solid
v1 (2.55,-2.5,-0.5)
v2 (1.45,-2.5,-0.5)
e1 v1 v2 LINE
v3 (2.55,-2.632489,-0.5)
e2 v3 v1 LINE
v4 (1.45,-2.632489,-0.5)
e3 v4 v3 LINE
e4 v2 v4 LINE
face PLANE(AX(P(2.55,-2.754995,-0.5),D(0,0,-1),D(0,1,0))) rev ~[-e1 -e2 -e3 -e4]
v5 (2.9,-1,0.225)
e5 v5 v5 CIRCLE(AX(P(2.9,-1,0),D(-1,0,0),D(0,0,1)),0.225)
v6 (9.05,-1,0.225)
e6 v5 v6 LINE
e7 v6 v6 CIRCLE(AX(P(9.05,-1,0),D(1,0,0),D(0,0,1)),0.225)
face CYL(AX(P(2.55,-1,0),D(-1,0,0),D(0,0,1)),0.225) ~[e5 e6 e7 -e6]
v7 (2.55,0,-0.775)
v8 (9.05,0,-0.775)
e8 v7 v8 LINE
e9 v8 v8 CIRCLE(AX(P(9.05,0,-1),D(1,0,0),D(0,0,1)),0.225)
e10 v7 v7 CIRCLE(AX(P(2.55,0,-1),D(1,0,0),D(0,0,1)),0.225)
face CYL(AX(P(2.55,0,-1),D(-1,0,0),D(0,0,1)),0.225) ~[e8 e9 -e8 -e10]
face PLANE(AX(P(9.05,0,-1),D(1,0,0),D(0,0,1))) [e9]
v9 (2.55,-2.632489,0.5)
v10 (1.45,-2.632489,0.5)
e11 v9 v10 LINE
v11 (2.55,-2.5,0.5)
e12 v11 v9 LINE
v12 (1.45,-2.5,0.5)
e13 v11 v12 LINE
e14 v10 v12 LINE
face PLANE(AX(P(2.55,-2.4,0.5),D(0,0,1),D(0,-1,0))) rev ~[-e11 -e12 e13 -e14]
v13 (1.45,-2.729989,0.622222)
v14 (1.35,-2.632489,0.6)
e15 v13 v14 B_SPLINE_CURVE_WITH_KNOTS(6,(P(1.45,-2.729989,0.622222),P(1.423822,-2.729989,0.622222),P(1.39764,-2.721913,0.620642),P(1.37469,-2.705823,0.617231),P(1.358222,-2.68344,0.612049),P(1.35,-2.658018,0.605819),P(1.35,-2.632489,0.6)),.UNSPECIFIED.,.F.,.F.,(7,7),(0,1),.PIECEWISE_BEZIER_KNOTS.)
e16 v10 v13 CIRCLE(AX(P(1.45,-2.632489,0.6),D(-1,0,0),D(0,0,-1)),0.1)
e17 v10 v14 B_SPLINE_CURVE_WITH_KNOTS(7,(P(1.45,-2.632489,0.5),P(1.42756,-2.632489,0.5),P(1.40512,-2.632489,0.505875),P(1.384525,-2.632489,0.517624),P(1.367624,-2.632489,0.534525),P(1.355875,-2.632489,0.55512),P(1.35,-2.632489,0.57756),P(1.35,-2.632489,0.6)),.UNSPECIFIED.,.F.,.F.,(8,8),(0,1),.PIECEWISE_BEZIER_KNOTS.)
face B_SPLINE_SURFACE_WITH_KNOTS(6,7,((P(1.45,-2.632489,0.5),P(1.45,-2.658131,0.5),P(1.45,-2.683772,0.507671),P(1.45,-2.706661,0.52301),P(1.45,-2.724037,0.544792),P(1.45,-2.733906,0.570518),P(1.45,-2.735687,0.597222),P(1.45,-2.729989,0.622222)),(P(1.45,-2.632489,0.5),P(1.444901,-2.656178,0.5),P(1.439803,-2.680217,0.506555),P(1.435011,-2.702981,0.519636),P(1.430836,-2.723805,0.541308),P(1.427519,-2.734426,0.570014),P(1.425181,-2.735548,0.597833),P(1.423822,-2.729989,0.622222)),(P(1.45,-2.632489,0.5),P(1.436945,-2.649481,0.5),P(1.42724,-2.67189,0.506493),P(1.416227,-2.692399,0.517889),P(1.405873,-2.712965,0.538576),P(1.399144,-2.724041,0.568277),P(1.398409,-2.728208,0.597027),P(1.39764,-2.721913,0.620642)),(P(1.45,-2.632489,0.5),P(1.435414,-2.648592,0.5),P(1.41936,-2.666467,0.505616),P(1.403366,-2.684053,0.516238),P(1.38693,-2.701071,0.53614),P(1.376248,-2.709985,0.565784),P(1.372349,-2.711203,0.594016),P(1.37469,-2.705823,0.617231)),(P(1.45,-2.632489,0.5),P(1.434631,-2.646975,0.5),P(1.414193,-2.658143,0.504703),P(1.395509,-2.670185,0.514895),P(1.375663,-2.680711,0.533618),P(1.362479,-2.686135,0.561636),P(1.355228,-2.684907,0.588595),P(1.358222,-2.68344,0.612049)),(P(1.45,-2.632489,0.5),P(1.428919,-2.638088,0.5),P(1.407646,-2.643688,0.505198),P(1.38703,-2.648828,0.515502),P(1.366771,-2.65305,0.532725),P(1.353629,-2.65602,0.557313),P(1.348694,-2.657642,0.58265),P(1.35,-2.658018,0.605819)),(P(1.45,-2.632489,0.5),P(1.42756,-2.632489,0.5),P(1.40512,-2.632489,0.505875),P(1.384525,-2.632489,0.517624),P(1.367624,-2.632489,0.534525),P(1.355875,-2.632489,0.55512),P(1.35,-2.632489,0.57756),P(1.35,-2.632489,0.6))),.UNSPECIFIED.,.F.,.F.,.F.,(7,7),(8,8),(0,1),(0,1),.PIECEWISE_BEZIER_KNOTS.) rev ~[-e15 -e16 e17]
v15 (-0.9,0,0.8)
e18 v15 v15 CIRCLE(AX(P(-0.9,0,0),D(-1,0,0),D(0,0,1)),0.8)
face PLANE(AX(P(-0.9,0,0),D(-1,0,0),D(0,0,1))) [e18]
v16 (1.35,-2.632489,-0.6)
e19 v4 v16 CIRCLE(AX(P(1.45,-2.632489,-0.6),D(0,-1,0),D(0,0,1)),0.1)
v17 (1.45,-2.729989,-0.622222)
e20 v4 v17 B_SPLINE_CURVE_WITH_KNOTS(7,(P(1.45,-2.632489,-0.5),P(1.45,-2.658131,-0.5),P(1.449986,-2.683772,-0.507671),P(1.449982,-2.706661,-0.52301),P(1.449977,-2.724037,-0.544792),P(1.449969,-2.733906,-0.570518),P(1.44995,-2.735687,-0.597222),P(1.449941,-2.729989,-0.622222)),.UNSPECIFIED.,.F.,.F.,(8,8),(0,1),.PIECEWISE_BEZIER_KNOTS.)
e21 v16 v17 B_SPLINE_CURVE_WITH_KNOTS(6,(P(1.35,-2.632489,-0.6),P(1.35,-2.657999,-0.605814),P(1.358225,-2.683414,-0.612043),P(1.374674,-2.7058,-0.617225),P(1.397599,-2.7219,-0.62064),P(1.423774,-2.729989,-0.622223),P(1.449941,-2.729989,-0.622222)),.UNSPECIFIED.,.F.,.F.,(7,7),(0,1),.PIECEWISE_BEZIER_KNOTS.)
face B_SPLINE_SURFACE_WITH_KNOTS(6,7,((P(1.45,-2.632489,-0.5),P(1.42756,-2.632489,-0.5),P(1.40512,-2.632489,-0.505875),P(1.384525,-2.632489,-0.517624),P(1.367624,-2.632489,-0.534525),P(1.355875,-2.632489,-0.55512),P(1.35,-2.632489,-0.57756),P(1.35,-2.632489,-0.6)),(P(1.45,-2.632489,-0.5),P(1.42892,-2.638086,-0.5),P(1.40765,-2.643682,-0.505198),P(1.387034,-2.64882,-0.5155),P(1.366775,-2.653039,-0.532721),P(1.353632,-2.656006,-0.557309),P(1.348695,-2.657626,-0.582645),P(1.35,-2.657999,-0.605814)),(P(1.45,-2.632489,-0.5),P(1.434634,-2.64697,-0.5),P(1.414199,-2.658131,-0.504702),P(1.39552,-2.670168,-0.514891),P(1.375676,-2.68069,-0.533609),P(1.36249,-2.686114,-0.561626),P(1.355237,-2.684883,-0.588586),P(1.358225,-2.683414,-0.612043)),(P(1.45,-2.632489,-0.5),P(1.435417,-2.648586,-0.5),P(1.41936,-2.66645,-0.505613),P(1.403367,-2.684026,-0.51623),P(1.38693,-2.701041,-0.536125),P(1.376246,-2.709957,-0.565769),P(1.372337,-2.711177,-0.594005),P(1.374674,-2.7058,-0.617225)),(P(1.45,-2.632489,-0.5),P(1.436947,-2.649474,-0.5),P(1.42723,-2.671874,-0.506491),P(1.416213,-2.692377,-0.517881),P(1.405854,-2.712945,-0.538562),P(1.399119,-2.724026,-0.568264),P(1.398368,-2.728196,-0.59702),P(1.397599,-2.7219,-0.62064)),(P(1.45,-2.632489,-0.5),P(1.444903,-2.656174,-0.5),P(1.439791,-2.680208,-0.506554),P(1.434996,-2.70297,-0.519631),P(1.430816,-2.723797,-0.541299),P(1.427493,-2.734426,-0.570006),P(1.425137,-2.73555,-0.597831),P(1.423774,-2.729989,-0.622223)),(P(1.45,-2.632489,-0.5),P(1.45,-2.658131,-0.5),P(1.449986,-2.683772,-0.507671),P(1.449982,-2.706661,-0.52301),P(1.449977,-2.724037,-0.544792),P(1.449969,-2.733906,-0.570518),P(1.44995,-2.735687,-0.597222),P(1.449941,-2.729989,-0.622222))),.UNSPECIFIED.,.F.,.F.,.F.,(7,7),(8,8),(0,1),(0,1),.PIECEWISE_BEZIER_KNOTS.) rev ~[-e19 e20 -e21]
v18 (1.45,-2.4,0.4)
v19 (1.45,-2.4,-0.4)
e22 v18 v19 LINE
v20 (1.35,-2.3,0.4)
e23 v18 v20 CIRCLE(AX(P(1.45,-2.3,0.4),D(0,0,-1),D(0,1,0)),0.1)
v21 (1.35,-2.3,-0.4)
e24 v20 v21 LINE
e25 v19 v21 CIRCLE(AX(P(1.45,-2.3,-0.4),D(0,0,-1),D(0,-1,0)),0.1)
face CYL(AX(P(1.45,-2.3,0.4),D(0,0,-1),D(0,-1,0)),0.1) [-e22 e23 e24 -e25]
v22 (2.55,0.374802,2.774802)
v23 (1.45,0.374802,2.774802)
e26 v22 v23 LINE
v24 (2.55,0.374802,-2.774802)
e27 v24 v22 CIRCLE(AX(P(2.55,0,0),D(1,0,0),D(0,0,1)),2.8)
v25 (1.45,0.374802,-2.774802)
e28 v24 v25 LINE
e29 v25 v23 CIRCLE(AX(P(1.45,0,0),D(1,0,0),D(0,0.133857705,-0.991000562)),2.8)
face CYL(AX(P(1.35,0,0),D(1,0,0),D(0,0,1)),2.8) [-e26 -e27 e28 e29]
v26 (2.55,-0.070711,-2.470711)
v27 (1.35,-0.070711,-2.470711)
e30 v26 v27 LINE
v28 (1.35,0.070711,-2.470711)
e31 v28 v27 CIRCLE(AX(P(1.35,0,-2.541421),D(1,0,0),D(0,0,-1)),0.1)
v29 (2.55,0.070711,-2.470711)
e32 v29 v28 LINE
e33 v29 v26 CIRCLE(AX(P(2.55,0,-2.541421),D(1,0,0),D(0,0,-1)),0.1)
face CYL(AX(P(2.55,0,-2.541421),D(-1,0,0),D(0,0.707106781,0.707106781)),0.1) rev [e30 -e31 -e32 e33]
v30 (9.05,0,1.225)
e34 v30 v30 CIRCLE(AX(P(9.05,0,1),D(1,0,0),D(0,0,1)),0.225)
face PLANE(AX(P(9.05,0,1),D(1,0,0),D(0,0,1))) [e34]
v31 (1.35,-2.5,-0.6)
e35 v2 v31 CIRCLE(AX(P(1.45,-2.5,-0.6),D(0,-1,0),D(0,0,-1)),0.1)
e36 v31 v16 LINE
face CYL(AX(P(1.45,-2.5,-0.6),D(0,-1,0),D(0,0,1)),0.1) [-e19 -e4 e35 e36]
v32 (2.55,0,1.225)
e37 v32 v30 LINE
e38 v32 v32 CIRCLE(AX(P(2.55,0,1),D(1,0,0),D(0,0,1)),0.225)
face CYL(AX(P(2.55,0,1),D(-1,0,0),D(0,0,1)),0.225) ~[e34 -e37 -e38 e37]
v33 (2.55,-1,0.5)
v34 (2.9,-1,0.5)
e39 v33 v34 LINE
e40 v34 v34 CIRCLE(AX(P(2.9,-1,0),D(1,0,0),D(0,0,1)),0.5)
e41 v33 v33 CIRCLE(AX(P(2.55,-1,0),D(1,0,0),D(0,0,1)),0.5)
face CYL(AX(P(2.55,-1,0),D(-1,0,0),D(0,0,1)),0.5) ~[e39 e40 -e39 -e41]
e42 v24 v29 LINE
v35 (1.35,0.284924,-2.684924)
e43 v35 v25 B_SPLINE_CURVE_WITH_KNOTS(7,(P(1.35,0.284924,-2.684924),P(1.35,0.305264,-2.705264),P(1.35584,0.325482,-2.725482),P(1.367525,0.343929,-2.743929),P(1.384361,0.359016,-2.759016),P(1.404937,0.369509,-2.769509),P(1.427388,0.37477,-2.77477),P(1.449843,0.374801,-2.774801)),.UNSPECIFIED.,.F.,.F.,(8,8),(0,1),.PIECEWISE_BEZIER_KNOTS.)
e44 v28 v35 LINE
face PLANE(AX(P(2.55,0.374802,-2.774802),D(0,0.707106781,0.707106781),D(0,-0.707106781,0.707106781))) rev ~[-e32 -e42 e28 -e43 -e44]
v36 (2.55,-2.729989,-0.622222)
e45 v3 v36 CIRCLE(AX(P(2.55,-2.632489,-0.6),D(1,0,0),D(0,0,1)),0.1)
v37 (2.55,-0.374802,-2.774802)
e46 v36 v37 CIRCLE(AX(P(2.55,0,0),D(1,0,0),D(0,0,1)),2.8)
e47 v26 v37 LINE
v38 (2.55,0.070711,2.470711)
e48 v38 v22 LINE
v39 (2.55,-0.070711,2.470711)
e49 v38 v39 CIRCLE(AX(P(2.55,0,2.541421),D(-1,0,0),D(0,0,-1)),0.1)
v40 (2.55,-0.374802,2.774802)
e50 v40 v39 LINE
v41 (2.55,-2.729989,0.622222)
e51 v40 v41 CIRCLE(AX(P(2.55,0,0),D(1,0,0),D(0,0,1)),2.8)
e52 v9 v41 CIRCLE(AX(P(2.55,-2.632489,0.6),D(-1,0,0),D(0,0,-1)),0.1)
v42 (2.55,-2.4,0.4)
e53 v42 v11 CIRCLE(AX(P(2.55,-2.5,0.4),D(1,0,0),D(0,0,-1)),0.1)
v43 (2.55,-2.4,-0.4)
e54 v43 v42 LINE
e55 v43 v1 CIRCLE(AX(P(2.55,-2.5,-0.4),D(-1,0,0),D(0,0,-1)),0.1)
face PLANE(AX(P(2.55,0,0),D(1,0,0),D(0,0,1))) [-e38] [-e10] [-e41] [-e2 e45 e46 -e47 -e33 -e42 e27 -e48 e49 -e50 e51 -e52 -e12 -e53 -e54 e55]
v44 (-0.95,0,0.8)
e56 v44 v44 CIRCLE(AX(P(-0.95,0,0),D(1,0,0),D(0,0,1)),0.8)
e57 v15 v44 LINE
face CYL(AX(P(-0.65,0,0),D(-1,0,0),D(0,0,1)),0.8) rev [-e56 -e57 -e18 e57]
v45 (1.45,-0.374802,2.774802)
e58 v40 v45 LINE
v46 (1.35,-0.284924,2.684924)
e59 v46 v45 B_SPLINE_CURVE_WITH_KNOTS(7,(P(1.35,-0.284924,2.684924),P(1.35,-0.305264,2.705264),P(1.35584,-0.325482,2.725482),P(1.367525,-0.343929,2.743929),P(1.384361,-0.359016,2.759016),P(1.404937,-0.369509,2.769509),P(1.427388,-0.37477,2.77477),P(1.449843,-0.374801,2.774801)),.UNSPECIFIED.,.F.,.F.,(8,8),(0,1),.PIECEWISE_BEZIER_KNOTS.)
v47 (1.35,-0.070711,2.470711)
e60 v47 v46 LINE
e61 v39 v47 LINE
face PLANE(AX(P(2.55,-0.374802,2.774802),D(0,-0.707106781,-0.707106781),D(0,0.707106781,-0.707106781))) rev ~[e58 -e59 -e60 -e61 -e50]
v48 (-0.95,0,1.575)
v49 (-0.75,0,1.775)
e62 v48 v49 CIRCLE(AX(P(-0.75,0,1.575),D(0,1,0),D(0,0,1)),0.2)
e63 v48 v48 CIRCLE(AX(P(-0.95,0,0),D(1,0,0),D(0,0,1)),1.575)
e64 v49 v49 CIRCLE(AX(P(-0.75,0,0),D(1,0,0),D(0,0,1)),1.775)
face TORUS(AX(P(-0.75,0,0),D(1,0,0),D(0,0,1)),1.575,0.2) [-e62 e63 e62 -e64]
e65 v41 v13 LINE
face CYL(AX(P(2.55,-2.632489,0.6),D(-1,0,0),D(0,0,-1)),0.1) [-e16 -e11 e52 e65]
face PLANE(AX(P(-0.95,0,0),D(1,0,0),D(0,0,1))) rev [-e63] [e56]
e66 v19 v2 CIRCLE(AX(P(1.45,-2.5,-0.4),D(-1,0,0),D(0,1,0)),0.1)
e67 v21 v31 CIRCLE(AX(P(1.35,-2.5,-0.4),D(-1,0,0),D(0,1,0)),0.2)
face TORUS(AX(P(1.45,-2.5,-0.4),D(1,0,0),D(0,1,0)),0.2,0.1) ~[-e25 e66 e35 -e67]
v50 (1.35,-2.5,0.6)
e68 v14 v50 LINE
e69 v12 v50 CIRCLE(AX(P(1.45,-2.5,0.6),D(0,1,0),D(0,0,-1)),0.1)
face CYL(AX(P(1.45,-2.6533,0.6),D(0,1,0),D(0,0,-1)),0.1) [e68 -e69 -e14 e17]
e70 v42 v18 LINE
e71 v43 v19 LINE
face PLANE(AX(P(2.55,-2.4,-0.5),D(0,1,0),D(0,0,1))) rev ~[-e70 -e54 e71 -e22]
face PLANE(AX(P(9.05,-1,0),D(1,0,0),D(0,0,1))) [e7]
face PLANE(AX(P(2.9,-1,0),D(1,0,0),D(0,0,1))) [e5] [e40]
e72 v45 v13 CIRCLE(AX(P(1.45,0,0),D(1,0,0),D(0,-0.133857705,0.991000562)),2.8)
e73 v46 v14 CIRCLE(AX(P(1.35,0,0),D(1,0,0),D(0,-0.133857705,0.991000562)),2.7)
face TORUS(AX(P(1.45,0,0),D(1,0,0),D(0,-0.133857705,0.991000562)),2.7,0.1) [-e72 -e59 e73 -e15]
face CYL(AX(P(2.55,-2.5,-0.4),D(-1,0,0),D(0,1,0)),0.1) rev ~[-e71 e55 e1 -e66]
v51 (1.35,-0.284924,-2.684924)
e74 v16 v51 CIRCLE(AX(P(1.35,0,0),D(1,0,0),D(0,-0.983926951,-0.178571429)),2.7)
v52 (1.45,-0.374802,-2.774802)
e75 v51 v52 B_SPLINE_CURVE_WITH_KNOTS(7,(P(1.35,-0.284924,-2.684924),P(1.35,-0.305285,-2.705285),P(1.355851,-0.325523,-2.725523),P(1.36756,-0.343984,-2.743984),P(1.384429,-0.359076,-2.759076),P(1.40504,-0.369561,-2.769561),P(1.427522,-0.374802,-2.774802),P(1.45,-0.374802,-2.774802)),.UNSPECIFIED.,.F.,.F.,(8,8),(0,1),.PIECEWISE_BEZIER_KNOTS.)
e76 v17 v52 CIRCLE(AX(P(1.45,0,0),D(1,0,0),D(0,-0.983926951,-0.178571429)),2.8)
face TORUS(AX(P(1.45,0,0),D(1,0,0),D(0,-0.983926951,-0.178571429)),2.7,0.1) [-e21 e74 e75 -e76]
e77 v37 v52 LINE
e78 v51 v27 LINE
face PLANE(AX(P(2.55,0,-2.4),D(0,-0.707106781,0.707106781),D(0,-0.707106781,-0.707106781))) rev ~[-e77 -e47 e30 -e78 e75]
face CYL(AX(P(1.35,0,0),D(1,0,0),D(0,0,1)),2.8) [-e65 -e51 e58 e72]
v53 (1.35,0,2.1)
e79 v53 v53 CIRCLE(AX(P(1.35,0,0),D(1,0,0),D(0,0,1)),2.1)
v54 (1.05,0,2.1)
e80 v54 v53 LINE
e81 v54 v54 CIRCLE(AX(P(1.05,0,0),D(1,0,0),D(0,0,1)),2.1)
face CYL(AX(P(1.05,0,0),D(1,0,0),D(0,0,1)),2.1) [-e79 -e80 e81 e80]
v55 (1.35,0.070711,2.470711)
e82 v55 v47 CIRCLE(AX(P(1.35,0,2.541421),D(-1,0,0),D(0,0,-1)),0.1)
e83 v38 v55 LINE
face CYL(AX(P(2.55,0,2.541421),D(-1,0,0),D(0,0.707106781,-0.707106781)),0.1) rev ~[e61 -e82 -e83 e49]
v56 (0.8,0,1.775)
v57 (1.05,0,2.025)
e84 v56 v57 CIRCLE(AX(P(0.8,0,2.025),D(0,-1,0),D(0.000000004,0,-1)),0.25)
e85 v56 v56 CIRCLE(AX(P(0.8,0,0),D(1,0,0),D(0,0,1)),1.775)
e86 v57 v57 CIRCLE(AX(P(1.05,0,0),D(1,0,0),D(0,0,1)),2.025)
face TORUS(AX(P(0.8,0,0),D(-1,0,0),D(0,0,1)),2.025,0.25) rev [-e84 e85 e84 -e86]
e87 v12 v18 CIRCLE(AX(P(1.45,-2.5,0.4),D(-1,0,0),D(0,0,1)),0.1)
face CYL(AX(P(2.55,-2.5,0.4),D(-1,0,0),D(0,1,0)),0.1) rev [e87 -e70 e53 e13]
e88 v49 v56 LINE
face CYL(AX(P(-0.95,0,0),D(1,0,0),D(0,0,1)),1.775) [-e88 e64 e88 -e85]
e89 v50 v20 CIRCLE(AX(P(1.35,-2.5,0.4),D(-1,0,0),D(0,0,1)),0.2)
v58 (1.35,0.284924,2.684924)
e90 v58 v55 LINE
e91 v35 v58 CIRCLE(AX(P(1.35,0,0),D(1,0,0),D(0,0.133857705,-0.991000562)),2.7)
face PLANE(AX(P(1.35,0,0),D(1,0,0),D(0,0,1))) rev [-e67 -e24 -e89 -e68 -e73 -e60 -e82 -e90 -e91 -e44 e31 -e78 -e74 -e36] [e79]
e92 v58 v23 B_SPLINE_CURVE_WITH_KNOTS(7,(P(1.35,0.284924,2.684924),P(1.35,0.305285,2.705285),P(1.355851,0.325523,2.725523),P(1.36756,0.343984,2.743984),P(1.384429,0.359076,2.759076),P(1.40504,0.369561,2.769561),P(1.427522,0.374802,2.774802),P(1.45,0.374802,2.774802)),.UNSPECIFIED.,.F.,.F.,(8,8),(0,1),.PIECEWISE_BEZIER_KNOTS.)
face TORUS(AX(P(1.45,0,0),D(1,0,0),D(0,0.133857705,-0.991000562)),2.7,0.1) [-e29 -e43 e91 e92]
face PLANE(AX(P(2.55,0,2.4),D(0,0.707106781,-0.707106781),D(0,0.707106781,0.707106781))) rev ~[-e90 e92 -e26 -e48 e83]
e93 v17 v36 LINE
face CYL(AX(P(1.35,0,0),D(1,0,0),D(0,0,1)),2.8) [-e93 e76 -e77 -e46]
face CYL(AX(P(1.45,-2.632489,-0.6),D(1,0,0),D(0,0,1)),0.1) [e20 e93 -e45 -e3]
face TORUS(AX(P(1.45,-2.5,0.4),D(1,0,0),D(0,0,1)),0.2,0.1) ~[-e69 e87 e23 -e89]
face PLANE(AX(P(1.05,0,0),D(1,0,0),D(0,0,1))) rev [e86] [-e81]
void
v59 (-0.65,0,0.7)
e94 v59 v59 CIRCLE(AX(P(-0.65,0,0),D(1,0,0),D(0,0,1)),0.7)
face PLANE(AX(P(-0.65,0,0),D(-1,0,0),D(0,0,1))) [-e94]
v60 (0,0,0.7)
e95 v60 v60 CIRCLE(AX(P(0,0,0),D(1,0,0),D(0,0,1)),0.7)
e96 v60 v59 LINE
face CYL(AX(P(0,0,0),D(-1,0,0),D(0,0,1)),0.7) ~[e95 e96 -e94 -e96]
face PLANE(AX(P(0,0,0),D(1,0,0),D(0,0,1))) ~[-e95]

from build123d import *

# Parameters (mm, degrees)
SKETCH6_R           = 0.225
EXTRUDE2_DEPTH      = 6.5
CUT_EXTRUDE1_DEPTH  = 8.611175993
BOSS_EXTRUDE1_START = 0.25
SKETCH10_R          = 0.8
BOSS_EXTRUDE1_DEPTH = 0.25
FILLET1_R           = 0.2
FILLET2_R           = 0.1
SKETCH6_3_R         = 0.5
SKETCH6_3_R_2       = 0.225
BOSS_EXTRUDE2_DEPTH = 0.35
FILLET4_R           = 0.1
FILLET5_R           = 0.1
FILLET6_R           = 0.1
FILLET7_R           = 0.1
FILLET8_R           = 0.1


with BuildPart() as part:
    # Sketch4 → Revolve2 (revolve)
    with BuildSketch(Plane.XY):
        with BuildLine():
            Line((0, 0), (0, 0.7))
            Line((0, 0.7), (-0.65, 0.7))
            Line((-0.65, 0.7), (-0.65, 0.8))
            Line((-0.65, 0.8), (-0.95, 0.8))
            Line((-0.95, 0.8), (-0.95, 1.775))
            Line((-0.95, 1.775), (0.8, 1.775))
            ThreePointArc((0.8, 1.775), (0.976776695, 1.848223305), (1.05, 2.025))
            Line((1.05, 2.025), (1.05, 2.1))
            Line((1.05, 2.1), (1.35, 2.1))
            Line((1.35, 2.1), (1.35, 2.8))
            Line((1.35, 2.8), (2.55, 2.8))
            Line((2.55, 2.8), (2.55, 0))
            Line((2.55, 0), (0, 0))
        make_face()
    revolve(axis=Axis((-2.49171246, 0, 0), (1, 0, 0)))

    # Sketch6 → Extrude2 (add)
    with BuildSketch(Plane(origin=(2.55, 0, 0), x_dir=(0, 0, -1), z_dir=(1, 0, 0))):
        with Locations((1, 0)):
            Circle(SKETCH6_R)
        with Locations((0, -1)):
            Circle(SKETCH6_R)
        with Locations((-1, 0)):
            Circle(SKETCH6_R)
    extrude(amount=EXTRUDE2_DEPTH)

    # Sketch8 → Cut-Extrude1 (cut, through all)
    with BuildSketch(Plane(origin=(2.55, 0, 0), x_dir=(0, 0, -1), z_dir=(1, 0, 0))):
        with BuildLine():
            Line((2.774801575, 0.374801575), (2.4, 0))
            Line((2.4, 0), (2.774801575, -0.374801575))
            ThreePointArc((2.774801575, -0.374801575), (2.8, 0), (2.774801575, 0.374801575))
        make_face()
        with BuildLine():
            Line((-2.4, 0), (-2.774801575, 0.374801575))
            ThreePointArc((-2.774801575, 0.374801575), (-2.8, 0), (-2.774801575, -0.374801575))
            Line((-2.774801575, -0.374801575), (-2.4, 0))
        make_face()
        with BuildLine():
            ThreePointArc((-0.5, -2.754995463), (0, -2.8), (0.5, -2.754995463))
            Line((0.5, -2.754995463), (0.5, -2.4))
            Line((0.5, -2.4), (-0.5, -2.4))
            Line((-0.5, -2.4), (-0.5, -2.754995463))
        make_face()
    extrude(amount=-CUT_EXTRUDE1_DEPTH, mode=Mode.SUBTRACT)

    # Sketch10 → Boss-Extrude1 (add)
    with BuildSketch(Plane.ZY.offset(0.65).offset(BOSS_EXTRUDE1_START)):
        Circle(SKETCH10_R)
    extrude(amount=-BOSS_EXTRUDE1_DEPTH)

    # Fillet1
    fillet1_edges = [part.edges().sort_by_distance(p)[0] for p in [
        (-0.95, -1.775, 0),
    ]]
    fillet(fillet1_edges, radius=FILLET1_R)

    # Fillet2
    fillet2_edges = [part.edges().sort_by_distance(p)[0] for p in [
        (1.35, -1.934576937, -2.02420653),
        (1.35, -1.934576937, 2.02420653),
        (1.35, 2.8, 0),
    ]]
    fillet(fillet2_edges, radius=FILLET2_R)

    # Sketch6<3> → Boss-Extrude2 (add)
    with BuildSketch(Plane(origin=(2.55, 0, 0), x_dir=(0, 0, -1), z_dir=(1, 0, 0))):
        with Locations((0, -1)):
            Circle(SKETCH6_3_R)
        with Locations((0, -1)):
            Circle(SKETCH6_3_R_2, mode=Mode.SUBTRACT)
    extrude(amount=BOSS_EXTRUDE2_DEPTH)

    # Fillet4
    fillet4_edges = [part.edges().sort_by_distance(p)[0] for p in [
        (1.95, -2.4, 0.5),
    ]]
    fillet(fillet4_edges, radius=FILLET4_R)

    # Fillet5
    fillet5_edges = [part.edges().sort_by_distance(p)[0] for p in [
        (1.95, -2.4, -0.5),
    ]]
    fillet(fillet5_edges, radius=FILLET5_R)

    # Fillet6
    fillet6_edges = [part.edges().sort_by_distance(p)[0] for p in [
        (2, -2.754995463, -0.5),
        (1.378931181, -2.724856522, -0.5),
        (1.35, -2.576649916, -0.5),
        (1.35, -2.429289322, -0.470710678),
        (1.35, -2.4, 0),
        (1.35, -2.429289322, 0.470710678),
        (1.35, -2.576649916, 0.5),
        (1.378985991, -2.724912772, 0.5),
        (2, -2.754995463, 0.5),
    ]]
    fillet(fillet6_edges, radius=FILLET6_R)

    # Fillet7
    fillet7_edges = [part.edges().sort_by_distance(p)[0] for p in [
        (1.95, 0, 2.4),
    ]]
    fillet(fillet7_edges, radius=FILLET7_R)

    # Fillet8
    fillet8_edges = [part.edges().sort_by_distance(p)[0] for p in [
        (1.95, 0, -2.4),
    ]]
    fillet(fillet8_edges, radius=FILLET8_R)


solid = part.part
